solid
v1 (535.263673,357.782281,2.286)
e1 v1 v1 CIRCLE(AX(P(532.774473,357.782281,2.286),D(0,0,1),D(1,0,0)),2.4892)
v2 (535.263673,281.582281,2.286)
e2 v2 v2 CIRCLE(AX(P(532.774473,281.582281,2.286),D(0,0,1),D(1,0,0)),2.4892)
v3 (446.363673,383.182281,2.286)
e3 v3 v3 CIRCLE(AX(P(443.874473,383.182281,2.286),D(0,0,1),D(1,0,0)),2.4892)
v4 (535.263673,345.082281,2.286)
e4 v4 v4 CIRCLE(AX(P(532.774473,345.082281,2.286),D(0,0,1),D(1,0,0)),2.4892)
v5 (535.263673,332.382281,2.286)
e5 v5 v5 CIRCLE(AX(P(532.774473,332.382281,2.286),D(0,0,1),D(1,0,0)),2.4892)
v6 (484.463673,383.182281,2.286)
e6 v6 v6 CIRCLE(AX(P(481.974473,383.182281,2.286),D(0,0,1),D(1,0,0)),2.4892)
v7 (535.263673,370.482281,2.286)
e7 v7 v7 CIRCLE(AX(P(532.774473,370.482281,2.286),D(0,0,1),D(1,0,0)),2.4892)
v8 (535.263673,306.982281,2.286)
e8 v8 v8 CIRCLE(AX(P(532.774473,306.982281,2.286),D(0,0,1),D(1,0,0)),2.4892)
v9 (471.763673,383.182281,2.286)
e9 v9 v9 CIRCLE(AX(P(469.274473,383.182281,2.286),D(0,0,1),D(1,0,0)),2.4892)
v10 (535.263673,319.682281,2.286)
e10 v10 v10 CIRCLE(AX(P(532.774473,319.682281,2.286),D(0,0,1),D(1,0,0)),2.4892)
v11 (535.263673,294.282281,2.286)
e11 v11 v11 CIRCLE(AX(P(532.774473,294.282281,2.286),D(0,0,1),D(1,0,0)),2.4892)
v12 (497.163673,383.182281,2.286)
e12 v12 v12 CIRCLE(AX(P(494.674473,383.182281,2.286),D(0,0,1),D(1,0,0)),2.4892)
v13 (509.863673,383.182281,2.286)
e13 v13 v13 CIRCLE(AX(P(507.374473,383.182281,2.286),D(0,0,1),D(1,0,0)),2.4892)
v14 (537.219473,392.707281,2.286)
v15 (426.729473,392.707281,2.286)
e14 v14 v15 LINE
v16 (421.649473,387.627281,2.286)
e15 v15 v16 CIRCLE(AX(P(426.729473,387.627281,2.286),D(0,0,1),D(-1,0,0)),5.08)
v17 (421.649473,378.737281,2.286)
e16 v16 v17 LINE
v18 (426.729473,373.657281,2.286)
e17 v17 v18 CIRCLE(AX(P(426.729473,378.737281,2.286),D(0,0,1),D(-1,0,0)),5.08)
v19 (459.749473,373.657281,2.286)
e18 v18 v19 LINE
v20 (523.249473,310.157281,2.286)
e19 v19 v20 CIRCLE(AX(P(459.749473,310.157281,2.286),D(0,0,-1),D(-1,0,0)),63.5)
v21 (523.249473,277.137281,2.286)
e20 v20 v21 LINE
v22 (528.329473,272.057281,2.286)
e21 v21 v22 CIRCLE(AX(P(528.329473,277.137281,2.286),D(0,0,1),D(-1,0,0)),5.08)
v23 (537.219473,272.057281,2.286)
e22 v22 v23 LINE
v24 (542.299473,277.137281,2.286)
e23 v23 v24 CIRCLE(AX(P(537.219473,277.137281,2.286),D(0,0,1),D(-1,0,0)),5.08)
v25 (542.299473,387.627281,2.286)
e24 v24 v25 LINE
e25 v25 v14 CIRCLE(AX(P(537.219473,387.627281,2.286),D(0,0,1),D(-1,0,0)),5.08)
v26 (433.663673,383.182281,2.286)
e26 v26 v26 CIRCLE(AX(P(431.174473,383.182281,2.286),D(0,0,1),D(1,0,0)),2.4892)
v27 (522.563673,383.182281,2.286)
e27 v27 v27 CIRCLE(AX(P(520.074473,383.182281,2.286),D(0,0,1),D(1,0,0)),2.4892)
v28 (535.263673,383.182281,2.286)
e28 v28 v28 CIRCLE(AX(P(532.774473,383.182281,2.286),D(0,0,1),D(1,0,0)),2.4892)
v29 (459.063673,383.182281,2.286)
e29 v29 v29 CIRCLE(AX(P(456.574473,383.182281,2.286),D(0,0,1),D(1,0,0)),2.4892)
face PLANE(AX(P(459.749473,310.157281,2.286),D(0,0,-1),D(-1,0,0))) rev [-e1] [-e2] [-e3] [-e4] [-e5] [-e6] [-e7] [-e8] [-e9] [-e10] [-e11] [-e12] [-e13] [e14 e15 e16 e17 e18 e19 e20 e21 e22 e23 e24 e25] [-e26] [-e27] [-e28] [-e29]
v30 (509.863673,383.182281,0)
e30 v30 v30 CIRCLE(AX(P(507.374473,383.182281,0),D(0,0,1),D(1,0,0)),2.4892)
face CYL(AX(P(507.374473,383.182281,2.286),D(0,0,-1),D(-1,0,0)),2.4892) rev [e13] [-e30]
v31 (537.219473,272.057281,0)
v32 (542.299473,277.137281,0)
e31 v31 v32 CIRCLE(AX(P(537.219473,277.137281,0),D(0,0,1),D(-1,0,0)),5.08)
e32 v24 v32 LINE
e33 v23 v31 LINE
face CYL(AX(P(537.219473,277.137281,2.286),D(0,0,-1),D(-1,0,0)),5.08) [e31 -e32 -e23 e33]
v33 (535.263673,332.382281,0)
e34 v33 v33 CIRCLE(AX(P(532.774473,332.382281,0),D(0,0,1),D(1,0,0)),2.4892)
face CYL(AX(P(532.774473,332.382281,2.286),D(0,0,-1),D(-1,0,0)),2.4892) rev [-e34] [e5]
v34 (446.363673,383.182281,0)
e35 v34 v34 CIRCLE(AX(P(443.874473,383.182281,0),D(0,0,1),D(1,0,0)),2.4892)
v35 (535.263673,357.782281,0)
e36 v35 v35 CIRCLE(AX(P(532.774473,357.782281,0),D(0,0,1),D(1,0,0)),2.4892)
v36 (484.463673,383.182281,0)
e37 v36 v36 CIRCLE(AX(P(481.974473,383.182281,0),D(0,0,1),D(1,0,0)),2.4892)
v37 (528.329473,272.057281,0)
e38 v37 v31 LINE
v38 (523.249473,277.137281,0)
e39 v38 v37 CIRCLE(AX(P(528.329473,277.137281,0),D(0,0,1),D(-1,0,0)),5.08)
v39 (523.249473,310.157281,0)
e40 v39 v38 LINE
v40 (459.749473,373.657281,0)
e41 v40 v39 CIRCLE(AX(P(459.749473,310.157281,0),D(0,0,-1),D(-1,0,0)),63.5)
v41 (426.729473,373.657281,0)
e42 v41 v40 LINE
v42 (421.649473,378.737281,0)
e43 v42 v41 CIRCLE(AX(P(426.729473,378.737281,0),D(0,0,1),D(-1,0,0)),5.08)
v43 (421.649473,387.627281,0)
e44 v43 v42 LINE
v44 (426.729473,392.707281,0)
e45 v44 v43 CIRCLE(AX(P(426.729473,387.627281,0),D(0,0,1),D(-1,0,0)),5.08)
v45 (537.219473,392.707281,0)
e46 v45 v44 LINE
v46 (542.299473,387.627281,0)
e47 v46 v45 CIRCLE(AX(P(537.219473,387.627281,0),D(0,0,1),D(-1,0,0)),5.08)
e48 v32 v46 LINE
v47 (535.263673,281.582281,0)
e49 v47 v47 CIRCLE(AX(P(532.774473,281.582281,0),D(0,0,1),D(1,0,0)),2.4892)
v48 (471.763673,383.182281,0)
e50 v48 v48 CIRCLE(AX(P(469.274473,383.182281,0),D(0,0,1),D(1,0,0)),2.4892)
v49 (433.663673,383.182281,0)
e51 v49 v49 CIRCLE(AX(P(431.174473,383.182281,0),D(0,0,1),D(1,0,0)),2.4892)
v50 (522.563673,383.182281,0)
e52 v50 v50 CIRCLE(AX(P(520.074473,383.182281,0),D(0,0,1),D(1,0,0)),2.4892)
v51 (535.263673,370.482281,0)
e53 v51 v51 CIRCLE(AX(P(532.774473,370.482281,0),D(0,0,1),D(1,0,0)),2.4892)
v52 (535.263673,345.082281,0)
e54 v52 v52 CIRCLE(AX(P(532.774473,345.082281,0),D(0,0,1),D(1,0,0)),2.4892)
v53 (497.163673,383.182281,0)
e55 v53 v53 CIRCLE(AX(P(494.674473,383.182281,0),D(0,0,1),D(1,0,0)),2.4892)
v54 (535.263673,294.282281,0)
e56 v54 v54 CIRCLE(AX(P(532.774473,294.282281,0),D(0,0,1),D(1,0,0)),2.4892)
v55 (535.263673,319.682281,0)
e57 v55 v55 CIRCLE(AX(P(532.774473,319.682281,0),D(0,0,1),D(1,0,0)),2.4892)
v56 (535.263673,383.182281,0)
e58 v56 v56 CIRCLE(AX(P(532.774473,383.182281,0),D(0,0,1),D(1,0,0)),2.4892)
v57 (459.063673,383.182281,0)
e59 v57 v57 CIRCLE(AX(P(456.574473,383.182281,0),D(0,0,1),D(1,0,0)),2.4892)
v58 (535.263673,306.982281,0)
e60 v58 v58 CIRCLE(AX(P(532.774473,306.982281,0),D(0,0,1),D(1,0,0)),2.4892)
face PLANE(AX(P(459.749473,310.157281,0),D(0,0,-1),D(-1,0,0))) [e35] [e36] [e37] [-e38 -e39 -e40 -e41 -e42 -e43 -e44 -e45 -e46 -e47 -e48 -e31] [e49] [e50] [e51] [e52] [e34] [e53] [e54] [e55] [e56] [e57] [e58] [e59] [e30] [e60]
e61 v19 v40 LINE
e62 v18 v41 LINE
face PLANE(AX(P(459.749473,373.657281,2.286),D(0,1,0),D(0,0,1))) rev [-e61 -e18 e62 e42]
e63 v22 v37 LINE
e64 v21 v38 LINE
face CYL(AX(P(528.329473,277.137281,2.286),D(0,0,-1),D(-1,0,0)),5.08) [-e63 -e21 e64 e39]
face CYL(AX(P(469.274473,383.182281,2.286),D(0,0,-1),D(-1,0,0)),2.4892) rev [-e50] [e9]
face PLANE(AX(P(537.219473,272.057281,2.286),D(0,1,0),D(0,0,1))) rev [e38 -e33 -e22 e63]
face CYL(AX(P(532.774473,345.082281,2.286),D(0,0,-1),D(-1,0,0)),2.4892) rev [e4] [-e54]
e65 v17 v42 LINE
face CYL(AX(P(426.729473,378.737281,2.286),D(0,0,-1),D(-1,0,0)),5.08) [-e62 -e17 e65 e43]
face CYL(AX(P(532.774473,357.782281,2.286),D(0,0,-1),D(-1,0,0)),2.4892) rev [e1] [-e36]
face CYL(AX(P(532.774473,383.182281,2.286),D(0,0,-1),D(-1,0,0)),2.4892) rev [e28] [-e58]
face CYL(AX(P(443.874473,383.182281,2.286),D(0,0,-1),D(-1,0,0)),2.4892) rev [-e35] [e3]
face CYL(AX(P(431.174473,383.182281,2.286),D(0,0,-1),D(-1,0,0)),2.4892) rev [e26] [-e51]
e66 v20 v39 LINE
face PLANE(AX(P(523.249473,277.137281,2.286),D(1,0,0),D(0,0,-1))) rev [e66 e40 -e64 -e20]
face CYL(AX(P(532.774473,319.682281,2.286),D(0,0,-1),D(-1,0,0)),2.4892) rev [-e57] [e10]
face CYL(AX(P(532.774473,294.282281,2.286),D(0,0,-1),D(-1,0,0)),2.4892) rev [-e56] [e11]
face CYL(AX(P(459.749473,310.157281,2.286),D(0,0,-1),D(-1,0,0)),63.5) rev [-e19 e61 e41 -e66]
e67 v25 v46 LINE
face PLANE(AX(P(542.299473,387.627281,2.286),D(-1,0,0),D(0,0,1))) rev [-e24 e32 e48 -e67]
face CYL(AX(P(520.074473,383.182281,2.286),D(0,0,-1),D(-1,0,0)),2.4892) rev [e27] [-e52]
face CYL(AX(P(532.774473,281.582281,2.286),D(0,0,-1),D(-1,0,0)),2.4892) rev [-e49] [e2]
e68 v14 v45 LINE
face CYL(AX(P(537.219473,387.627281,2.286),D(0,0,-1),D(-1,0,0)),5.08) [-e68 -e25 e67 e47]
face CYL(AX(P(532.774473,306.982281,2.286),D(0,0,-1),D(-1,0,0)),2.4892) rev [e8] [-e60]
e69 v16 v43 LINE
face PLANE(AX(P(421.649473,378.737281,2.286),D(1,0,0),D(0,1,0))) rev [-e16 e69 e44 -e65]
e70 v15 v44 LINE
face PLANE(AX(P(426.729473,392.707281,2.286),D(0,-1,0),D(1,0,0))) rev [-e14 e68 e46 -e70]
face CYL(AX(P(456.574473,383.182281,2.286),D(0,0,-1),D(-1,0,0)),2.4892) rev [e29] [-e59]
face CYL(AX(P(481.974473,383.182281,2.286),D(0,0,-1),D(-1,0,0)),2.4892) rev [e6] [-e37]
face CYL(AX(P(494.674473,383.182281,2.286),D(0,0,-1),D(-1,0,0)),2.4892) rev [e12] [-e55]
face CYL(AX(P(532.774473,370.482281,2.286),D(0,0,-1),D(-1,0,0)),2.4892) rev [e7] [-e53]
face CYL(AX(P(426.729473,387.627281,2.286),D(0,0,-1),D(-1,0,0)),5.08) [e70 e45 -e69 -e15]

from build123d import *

# Parameters (mm, degrees)
SKETCH1_R           = 2.4892
BOSS_EXTRUDE1_DEPTH = 2.286


with BuildPart() as part:
    # Sketch1 → Boss-Extrude1 (new body)
    with BuildSketch(Plane.XY):
        with BuildLine():
            Line((459.749472964, 373.657281044), (426.729472964, 373.657281044))
            ThreePointArc((426.729472964, 373.657281044), (423.137370515, 375.145178596), (421.649472964, 378.737281044))
            Line((421.649472964, 378.737281044), (421.649472964, 387.627281044))
            ThreePointArc((421.649472964, 387.627281044), (423.137370515, 391.219383493), (426.729472964, 392.707281044))
            Line((426.729472964, 392.707281044), (537.219472964, 392.707281044))
            ThreePointArc((537.219472964, 392.707281044), (540.811575412, 391.219383493), (542.299472964, 387.627281044))
            Line((542.299472964, 387.627281044), (542.299472964, 277.137281044))
            ThreePointArc((542.299472964, 277.137281044), (540.811575412, 273.545178596), (537.219472964, 272.057281044))
            Line((537.219472964, 272.057281044), (528.329472964, 272.057281044))
            ThreePointArc((528.329472964, 272.057281044), (524.737370515, 273.545178596), (523.249472964, 277.137281044))
            Line((523.249472964, 277.137281044), (523.249472964, 310.157281044))
            ThreePointArc((523.249472964, 310.157281044), (504.650753569, 355.05856165), (459.749472964, 373.657281044))
        make_face()
        with Locations((431.174472964, 383.182281044)):
            Circle(SKETCH1_R, mode=Mode.SUBTRACT)
        with Locations((443.874472964, 383.182281044)):
            Circle(SKETCH1_R, mode=Mode.SUBTRACT)
        with Locations((456.574472964, 383.182281044)):
            Circle(SKETCH1_R, mode=Mode.SUBTRACT)
        with Locations((469.274472964, 383.182281044)):
            Circle(SKETCH1_R, mode=Mode.SUBTRACT)
        with Locations((481.974472964, 383.182281044)):
            Circle(SKETCH1_R, mode=Mode.SUBTRACT)
        with Locations((494.674472964, 383.182281044)):
            Circle(SKETCH1_R, mode=Mode.SUBTRACT)
        with Locations((507.374472964, 383.182281044)):
            Circle(SKETCH1_R, mode=Mode.SUBTRACT)
        with Locations((520.074472964, 383.182281044)):
            Circle(SKETCH1_R, mode=Mode.SUBTRACT)
        with Locations((532.774472964, 383.182281044)):
            Circle(SKETCH1_R, mode=Mode.SUBTRACT)
        with Locations((532.774472964, 370.482281044)):
            Circle(SKETCH1_R, mode=Mode.SUBTRACT)
        with Locations((532.774472964, 357.782281044)):
            Circle(SKETCH1_R, mode=Mode.SUBTRACT)
        with Locations((532.774472964, 345.082281044)):
            Circle(SKETCH1_R, mode=Mode.SUBTRACT)
        with Locations((532.774472964, 332.382281044)):
            Circle(SKETCH1_R, mode=Mode.SUBTRACT)
        with Locations((532.774472964, 319.682281044)):
            Circle(SKETCH1_R, mode=Mode.SUBTRACT)
        with Locations((532.774472964, 306.982281044)):
            Circle(SKETCH1_R, mode=Mode.SUBTRACT)
        with Locations((532.774472964, 294.282281044)):
            Circle(SKETCH1_R, mode=Mode.SUBTRACT)
        with Locations((532.774472964, 281.582281044)):
            Circle(SKETCH1_R, mode=Mode.SUBTRACT)
    extrude(amount=BOSS_EXTRUDE1_DEPTH)


solid = part.part
